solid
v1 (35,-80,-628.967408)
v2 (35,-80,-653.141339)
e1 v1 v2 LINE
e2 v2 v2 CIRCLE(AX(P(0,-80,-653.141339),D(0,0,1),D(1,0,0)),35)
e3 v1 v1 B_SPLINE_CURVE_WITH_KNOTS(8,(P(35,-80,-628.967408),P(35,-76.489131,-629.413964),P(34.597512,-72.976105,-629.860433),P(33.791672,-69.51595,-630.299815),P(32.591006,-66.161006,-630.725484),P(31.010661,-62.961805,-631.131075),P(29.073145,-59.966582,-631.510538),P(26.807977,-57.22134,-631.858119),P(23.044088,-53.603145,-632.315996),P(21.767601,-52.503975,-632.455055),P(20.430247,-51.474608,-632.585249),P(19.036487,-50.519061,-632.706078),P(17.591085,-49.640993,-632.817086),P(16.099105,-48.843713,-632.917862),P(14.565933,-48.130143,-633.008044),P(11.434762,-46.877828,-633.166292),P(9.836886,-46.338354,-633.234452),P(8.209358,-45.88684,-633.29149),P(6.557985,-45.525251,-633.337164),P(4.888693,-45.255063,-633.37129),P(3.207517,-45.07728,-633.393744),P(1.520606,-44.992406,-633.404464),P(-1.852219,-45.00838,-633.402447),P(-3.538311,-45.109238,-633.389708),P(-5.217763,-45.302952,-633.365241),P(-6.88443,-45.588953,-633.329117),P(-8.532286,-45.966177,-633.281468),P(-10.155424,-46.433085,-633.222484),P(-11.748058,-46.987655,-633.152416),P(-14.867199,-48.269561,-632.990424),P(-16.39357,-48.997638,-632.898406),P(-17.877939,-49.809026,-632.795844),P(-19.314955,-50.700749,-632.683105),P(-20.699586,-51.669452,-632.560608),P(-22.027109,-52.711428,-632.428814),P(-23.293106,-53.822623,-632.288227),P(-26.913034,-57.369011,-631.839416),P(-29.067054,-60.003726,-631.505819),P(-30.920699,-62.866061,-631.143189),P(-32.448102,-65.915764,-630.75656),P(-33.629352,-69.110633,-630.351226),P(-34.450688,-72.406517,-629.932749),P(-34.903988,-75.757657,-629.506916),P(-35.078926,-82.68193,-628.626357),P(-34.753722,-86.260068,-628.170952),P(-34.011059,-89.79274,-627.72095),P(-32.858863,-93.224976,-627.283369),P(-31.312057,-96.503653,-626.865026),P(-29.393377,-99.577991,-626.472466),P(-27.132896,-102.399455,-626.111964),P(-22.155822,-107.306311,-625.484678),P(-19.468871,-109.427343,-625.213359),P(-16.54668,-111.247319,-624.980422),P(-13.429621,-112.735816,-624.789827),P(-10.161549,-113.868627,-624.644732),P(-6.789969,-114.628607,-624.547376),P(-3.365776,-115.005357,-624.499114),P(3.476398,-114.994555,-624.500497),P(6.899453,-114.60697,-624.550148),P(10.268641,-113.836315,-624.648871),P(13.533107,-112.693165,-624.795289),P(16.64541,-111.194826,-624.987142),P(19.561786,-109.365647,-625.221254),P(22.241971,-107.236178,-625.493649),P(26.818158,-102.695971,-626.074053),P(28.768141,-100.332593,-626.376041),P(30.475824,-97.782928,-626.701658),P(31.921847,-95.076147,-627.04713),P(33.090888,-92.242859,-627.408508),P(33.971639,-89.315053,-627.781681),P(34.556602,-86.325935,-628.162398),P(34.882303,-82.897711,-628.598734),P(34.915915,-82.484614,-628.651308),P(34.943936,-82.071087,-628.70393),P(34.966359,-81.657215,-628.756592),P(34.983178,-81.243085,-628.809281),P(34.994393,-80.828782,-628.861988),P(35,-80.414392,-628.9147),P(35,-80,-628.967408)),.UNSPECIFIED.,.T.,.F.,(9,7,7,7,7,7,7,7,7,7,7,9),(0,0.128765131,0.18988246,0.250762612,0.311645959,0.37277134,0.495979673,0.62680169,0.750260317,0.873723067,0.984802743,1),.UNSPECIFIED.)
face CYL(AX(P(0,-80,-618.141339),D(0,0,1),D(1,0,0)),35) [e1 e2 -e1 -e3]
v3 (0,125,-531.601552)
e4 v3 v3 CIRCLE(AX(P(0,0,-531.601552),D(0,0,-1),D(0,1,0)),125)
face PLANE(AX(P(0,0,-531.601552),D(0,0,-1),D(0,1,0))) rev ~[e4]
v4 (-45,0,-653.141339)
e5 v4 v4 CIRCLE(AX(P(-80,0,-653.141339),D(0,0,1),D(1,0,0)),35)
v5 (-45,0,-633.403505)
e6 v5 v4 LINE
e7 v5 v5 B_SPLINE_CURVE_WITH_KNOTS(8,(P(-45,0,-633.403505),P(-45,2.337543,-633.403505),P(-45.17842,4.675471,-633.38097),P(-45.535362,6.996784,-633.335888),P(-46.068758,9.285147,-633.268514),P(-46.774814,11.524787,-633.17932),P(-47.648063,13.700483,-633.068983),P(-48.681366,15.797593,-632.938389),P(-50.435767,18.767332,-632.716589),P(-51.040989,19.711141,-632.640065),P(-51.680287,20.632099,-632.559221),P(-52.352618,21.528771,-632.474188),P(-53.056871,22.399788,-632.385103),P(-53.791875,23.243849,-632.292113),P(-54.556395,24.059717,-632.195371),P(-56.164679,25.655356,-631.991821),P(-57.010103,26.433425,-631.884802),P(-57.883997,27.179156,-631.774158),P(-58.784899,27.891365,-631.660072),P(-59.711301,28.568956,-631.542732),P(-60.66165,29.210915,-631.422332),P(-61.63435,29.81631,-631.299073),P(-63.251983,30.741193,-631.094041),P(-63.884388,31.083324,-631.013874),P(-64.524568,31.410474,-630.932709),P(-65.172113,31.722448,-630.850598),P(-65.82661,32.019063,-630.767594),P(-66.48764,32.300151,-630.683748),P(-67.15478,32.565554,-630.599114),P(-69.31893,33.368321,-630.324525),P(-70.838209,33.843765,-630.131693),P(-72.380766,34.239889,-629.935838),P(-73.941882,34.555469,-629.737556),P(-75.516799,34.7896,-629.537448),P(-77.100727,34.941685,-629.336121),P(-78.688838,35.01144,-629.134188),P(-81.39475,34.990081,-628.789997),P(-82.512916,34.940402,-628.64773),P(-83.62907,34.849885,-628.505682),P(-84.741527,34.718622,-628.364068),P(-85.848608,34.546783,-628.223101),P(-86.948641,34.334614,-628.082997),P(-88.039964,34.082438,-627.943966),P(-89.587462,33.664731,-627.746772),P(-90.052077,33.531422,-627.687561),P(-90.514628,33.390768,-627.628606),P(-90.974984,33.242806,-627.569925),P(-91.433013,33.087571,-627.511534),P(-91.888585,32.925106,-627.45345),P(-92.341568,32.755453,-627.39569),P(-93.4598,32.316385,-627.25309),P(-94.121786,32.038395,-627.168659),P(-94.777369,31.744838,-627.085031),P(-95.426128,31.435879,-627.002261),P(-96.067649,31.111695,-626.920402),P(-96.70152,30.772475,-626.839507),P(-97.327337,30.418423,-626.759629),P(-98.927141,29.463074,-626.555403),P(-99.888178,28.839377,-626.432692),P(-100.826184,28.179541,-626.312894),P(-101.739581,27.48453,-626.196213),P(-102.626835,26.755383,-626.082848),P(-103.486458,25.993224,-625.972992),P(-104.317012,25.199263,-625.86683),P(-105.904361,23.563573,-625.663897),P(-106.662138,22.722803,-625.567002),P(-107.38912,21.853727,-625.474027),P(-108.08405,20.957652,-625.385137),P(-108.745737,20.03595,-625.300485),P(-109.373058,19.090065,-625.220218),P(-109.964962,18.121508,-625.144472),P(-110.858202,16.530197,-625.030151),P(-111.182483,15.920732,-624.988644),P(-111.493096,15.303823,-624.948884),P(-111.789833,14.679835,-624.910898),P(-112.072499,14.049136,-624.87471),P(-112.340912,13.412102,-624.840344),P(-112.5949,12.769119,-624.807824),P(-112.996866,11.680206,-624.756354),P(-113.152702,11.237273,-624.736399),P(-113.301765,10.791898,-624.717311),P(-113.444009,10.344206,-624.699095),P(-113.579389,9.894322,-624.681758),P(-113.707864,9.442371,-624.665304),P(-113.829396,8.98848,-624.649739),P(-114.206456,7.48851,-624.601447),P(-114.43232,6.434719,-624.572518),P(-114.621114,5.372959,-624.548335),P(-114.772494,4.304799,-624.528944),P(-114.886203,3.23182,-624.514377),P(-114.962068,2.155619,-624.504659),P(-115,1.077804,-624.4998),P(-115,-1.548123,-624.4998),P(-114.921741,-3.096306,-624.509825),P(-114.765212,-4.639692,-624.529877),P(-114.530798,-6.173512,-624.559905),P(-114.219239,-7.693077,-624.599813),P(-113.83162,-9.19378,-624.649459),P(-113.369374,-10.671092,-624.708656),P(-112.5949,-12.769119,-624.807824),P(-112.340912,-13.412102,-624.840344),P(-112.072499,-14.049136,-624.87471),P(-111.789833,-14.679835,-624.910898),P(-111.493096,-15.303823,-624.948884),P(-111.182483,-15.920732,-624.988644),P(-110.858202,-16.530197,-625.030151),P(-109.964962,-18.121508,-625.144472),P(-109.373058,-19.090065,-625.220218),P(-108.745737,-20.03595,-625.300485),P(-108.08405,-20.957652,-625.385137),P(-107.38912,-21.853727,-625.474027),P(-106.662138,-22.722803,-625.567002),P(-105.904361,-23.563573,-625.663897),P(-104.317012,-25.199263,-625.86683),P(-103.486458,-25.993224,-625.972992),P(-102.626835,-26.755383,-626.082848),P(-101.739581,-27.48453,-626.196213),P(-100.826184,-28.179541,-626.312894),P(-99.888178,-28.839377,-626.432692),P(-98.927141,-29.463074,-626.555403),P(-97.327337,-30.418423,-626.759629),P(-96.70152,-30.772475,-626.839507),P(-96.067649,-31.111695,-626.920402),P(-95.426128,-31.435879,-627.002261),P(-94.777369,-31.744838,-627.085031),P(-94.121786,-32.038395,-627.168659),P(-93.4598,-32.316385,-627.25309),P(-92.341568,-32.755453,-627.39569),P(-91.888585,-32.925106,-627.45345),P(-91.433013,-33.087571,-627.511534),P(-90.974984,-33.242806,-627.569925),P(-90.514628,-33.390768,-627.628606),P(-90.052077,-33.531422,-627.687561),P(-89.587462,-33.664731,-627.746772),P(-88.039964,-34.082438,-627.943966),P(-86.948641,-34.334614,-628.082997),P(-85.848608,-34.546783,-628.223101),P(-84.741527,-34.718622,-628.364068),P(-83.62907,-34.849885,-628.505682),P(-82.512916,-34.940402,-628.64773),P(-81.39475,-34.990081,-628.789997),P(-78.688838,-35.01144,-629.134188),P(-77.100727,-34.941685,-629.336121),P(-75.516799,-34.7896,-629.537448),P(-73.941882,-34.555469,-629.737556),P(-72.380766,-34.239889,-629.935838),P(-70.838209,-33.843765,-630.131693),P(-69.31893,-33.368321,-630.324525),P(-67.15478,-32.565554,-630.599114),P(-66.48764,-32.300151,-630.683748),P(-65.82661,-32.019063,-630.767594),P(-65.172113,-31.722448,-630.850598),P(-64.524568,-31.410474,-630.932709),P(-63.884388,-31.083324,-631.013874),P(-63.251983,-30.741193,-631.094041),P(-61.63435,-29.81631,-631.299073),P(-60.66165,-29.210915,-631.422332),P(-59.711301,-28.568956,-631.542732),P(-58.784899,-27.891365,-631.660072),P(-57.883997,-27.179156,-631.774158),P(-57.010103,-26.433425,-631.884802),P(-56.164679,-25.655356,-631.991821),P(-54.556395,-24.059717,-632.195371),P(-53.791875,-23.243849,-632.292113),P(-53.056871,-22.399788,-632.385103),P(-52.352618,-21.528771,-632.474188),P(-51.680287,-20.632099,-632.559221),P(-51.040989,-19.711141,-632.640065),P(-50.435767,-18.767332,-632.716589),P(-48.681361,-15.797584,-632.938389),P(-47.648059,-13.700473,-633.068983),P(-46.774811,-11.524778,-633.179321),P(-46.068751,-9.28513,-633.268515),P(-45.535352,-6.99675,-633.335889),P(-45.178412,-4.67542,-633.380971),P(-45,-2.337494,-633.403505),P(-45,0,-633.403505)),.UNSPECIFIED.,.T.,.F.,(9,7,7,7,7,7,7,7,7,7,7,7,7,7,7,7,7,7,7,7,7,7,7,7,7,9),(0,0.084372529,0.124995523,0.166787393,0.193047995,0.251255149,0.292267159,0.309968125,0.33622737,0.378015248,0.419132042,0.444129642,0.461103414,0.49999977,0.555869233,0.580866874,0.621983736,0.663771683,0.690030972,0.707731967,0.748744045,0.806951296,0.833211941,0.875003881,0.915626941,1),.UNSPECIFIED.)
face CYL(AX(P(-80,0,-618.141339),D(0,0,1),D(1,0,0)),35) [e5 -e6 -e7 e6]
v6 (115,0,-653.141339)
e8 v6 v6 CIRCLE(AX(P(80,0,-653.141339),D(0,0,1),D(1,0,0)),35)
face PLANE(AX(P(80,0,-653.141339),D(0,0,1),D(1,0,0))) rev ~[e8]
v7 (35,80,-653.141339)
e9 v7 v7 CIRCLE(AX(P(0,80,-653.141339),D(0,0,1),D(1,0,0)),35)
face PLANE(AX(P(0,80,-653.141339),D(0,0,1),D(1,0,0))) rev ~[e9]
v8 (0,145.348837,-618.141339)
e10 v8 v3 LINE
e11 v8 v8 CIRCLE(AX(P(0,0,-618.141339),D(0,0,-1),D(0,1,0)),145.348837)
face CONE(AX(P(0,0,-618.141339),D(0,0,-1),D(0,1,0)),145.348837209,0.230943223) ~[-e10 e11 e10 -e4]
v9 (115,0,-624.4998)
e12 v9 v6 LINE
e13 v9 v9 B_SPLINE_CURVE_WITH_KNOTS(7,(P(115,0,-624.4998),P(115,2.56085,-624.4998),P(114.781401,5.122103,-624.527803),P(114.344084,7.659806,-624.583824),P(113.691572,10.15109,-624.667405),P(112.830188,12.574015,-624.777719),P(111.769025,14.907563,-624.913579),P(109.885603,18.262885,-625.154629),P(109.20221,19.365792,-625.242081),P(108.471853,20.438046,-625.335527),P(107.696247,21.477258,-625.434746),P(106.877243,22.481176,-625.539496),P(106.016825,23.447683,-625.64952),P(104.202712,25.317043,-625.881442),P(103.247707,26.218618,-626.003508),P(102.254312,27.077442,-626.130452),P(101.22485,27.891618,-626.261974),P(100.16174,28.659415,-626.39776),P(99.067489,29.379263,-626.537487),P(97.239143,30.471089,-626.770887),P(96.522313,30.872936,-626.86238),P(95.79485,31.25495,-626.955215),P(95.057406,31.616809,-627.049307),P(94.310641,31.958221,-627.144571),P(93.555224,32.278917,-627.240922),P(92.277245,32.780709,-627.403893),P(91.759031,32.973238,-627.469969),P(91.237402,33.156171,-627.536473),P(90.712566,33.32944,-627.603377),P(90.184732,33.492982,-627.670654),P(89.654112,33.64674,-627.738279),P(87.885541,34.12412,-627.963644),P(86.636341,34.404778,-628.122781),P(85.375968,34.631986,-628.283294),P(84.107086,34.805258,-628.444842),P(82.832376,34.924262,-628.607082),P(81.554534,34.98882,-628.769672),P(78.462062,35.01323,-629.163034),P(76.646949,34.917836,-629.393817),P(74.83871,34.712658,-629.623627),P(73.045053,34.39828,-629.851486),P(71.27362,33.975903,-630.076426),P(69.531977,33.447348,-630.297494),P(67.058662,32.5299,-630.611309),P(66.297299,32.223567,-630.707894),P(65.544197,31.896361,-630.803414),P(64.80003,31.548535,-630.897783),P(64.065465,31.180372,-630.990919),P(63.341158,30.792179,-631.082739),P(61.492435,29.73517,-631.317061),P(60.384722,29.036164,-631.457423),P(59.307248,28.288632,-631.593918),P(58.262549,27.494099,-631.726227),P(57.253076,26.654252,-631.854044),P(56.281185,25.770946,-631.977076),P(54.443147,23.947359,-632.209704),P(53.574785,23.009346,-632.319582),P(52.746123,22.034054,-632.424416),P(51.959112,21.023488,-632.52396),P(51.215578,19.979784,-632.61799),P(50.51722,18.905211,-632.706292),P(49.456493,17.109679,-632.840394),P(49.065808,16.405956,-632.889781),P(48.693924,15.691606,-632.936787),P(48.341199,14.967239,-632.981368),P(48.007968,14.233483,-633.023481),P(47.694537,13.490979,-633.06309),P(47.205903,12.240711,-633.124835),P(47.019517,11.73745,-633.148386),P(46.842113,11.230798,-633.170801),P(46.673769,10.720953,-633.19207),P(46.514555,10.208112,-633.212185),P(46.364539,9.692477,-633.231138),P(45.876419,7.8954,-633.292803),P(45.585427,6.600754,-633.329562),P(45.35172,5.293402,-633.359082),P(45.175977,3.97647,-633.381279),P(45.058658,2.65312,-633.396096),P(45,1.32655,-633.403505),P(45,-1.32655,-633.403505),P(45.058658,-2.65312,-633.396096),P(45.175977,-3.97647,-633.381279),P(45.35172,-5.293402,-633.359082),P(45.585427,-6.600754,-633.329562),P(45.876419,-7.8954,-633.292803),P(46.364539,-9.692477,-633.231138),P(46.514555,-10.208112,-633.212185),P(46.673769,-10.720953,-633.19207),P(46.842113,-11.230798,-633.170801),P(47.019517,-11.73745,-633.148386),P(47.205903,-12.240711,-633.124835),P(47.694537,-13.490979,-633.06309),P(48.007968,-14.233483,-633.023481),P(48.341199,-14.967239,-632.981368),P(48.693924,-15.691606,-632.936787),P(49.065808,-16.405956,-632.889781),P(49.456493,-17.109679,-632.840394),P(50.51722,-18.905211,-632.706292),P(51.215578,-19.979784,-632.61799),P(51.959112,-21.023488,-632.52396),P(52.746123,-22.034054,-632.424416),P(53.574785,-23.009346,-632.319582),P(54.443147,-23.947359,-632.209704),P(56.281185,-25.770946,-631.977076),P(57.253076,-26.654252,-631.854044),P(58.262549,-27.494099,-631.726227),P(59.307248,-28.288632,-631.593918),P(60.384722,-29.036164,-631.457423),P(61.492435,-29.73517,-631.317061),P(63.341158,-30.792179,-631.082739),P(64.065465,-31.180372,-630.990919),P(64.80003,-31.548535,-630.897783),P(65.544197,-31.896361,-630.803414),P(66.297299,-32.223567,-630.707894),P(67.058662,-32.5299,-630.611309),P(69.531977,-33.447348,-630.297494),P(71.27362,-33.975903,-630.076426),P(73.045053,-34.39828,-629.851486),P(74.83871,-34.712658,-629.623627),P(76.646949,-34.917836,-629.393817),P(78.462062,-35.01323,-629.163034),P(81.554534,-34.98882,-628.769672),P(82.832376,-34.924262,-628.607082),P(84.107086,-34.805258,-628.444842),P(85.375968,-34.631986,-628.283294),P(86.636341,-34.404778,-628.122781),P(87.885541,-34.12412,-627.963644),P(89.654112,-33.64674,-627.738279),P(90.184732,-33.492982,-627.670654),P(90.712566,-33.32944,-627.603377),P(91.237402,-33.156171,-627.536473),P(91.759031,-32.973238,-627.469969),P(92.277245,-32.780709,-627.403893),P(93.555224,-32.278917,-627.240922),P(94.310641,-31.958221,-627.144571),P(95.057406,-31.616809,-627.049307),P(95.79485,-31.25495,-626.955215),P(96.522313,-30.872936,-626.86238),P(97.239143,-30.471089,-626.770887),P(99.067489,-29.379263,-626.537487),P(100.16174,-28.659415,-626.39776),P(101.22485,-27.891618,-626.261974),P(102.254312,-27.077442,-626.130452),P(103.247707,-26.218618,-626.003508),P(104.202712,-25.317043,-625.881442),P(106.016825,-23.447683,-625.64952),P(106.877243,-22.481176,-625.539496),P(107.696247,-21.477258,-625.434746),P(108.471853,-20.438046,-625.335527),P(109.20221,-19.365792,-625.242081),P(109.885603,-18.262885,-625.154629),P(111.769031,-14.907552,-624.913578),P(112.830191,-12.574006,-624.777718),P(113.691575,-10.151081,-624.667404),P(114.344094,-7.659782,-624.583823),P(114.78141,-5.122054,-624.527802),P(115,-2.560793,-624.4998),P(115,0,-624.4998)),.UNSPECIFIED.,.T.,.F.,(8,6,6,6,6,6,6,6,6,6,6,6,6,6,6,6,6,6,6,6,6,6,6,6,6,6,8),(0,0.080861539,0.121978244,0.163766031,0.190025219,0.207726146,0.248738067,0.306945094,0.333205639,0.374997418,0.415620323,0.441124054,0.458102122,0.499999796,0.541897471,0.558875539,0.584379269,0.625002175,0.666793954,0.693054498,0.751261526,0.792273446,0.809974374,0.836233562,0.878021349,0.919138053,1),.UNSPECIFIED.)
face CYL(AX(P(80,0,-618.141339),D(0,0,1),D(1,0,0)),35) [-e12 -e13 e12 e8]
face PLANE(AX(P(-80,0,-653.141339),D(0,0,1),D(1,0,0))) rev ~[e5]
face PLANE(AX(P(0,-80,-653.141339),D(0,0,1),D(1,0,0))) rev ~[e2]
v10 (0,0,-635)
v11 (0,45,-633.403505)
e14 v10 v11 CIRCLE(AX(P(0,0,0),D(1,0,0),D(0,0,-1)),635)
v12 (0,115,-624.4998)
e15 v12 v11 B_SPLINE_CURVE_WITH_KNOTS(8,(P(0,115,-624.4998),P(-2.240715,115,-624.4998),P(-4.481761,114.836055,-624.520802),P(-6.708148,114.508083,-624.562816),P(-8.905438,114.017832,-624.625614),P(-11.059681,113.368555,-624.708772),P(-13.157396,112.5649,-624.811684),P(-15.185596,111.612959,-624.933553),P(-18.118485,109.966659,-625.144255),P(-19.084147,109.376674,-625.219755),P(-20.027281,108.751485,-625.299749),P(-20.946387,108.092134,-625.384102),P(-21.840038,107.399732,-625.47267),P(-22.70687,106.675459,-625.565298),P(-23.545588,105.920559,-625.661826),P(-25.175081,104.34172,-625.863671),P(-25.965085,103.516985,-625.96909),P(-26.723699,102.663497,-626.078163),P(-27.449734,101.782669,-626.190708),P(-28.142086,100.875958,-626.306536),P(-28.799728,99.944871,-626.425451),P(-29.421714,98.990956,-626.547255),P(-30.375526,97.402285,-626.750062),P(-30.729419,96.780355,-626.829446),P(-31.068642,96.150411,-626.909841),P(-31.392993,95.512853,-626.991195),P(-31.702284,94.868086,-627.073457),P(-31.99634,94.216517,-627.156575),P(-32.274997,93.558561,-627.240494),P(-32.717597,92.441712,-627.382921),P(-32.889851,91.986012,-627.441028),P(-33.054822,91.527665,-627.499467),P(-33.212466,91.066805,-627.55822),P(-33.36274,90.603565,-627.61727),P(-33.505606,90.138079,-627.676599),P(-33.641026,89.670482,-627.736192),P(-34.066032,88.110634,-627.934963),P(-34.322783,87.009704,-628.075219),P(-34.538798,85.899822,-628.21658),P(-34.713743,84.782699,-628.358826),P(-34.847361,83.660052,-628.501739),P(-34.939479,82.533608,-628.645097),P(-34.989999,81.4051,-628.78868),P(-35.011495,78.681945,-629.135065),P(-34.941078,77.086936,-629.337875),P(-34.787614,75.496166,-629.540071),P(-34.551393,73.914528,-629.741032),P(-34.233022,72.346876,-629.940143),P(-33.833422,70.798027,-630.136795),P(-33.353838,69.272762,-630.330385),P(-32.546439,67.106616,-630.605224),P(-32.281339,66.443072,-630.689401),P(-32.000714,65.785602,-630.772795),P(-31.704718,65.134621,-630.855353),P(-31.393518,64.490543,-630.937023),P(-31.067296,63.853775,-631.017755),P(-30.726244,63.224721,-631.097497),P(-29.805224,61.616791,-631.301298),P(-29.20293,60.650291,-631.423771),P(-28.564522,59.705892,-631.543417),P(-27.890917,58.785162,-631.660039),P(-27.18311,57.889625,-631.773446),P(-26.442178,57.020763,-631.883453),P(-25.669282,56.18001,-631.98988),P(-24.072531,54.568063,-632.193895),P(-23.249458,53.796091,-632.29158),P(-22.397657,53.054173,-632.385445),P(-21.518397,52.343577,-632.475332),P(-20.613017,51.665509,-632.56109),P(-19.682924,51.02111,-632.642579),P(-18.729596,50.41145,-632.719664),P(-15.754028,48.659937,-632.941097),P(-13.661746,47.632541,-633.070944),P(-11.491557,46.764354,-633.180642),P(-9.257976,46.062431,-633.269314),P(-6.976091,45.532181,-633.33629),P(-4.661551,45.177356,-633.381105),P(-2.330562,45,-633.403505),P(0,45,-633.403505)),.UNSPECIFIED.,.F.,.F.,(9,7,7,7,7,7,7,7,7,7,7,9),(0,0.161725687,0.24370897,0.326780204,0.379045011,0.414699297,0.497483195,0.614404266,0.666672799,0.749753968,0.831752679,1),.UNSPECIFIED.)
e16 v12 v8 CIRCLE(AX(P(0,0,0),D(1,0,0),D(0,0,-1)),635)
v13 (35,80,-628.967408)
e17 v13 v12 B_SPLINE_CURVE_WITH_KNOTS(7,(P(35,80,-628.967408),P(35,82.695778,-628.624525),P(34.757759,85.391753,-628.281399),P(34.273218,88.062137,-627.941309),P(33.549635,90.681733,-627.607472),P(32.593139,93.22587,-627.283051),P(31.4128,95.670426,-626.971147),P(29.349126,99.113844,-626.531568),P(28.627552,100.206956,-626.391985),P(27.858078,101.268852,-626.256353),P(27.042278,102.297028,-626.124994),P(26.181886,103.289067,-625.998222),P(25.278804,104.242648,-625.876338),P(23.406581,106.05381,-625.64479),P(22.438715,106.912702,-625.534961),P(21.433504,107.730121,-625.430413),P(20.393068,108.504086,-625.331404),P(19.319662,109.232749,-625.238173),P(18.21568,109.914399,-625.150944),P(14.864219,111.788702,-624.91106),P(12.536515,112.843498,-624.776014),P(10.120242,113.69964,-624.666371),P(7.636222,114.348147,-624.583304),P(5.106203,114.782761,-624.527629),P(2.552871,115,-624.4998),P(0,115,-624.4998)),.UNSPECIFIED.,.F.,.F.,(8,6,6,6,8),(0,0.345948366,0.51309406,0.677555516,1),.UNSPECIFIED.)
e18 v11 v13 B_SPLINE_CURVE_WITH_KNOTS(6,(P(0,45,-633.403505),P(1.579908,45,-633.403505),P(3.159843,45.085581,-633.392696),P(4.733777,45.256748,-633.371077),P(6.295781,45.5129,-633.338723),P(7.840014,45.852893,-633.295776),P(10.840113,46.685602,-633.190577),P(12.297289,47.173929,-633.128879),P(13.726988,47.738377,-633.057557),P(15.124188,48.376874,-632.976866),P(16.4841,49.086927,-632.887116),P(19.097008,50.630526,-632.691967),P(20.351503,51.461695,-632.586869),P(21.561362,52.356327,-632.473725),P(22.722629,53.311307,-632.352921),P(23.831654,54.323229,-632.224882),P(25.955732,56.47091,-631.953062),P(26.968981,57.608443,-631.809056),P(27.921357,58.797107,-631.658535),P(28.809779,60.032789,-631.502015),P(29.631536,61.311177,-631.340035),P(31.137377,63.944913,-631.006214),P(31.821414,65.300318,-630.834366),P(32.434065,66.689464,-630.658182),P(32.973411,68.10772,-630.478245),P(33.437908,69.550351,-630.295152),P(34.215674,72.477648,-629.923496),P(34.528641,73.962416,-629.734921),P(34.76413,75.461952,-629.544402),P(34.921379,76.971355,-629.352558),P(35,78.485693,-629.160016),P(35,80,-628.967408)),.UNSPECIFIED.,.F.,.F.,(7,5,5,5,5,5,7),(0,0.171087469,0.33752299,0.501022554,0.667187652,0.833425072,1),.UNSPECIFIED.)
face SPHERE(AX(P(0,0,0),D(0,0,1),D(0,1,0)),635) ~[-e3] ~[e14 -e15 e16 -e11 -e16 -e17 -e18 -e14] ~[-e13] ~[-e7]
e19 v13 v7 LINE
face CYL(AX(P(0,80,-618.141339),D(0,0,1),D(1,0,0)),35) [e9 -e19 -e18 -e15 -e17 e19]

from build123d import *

# Parameters (mm, degrees)
CABLES_SKETCH_R = 35
CABLES_DEPTH    = 35


with BuildPart() as part:
    # Big Plug Sketch → Big Plug (revolve)
    with BuildSketch(Plane(origin=(0, 0, 0), x_dir=(0, 0, -1), z_dir=(1, 0, 0))):
        with BuildLine():
            Line((531.601551916, 125), (531.601551916, 0))
            Line((531.601551916, 0), (635, 0))
            ThreePointArc((635, 0), (630.771254316, 73.161634266), (618.141339438, 145.348837209))
            Line((618.141339438, 145.348837209), (531.601551916, 125))
        make_face()
    revolve(axis=Axis((0, 0, 0), (0, 0, -1)))

    # Cables Sketch → Cables (add)
    with BuildSketch(Plane.XY.offset(-618.141339438)):
        with Locations((0, 80)):
            Circle(CABLES_SKETCH_R)
        with Locations((80, 0)):
            Circle(CABLES_SKETCH_R)
        with Locations((0, -80)):
            Circle(CABLES_SKETCH_R)
        with Locations((-80, 0)):
            Circle(CABLES_SKETCH_R)
    extrude(amount=-CABLES_DEPTH)


solid = part.part
